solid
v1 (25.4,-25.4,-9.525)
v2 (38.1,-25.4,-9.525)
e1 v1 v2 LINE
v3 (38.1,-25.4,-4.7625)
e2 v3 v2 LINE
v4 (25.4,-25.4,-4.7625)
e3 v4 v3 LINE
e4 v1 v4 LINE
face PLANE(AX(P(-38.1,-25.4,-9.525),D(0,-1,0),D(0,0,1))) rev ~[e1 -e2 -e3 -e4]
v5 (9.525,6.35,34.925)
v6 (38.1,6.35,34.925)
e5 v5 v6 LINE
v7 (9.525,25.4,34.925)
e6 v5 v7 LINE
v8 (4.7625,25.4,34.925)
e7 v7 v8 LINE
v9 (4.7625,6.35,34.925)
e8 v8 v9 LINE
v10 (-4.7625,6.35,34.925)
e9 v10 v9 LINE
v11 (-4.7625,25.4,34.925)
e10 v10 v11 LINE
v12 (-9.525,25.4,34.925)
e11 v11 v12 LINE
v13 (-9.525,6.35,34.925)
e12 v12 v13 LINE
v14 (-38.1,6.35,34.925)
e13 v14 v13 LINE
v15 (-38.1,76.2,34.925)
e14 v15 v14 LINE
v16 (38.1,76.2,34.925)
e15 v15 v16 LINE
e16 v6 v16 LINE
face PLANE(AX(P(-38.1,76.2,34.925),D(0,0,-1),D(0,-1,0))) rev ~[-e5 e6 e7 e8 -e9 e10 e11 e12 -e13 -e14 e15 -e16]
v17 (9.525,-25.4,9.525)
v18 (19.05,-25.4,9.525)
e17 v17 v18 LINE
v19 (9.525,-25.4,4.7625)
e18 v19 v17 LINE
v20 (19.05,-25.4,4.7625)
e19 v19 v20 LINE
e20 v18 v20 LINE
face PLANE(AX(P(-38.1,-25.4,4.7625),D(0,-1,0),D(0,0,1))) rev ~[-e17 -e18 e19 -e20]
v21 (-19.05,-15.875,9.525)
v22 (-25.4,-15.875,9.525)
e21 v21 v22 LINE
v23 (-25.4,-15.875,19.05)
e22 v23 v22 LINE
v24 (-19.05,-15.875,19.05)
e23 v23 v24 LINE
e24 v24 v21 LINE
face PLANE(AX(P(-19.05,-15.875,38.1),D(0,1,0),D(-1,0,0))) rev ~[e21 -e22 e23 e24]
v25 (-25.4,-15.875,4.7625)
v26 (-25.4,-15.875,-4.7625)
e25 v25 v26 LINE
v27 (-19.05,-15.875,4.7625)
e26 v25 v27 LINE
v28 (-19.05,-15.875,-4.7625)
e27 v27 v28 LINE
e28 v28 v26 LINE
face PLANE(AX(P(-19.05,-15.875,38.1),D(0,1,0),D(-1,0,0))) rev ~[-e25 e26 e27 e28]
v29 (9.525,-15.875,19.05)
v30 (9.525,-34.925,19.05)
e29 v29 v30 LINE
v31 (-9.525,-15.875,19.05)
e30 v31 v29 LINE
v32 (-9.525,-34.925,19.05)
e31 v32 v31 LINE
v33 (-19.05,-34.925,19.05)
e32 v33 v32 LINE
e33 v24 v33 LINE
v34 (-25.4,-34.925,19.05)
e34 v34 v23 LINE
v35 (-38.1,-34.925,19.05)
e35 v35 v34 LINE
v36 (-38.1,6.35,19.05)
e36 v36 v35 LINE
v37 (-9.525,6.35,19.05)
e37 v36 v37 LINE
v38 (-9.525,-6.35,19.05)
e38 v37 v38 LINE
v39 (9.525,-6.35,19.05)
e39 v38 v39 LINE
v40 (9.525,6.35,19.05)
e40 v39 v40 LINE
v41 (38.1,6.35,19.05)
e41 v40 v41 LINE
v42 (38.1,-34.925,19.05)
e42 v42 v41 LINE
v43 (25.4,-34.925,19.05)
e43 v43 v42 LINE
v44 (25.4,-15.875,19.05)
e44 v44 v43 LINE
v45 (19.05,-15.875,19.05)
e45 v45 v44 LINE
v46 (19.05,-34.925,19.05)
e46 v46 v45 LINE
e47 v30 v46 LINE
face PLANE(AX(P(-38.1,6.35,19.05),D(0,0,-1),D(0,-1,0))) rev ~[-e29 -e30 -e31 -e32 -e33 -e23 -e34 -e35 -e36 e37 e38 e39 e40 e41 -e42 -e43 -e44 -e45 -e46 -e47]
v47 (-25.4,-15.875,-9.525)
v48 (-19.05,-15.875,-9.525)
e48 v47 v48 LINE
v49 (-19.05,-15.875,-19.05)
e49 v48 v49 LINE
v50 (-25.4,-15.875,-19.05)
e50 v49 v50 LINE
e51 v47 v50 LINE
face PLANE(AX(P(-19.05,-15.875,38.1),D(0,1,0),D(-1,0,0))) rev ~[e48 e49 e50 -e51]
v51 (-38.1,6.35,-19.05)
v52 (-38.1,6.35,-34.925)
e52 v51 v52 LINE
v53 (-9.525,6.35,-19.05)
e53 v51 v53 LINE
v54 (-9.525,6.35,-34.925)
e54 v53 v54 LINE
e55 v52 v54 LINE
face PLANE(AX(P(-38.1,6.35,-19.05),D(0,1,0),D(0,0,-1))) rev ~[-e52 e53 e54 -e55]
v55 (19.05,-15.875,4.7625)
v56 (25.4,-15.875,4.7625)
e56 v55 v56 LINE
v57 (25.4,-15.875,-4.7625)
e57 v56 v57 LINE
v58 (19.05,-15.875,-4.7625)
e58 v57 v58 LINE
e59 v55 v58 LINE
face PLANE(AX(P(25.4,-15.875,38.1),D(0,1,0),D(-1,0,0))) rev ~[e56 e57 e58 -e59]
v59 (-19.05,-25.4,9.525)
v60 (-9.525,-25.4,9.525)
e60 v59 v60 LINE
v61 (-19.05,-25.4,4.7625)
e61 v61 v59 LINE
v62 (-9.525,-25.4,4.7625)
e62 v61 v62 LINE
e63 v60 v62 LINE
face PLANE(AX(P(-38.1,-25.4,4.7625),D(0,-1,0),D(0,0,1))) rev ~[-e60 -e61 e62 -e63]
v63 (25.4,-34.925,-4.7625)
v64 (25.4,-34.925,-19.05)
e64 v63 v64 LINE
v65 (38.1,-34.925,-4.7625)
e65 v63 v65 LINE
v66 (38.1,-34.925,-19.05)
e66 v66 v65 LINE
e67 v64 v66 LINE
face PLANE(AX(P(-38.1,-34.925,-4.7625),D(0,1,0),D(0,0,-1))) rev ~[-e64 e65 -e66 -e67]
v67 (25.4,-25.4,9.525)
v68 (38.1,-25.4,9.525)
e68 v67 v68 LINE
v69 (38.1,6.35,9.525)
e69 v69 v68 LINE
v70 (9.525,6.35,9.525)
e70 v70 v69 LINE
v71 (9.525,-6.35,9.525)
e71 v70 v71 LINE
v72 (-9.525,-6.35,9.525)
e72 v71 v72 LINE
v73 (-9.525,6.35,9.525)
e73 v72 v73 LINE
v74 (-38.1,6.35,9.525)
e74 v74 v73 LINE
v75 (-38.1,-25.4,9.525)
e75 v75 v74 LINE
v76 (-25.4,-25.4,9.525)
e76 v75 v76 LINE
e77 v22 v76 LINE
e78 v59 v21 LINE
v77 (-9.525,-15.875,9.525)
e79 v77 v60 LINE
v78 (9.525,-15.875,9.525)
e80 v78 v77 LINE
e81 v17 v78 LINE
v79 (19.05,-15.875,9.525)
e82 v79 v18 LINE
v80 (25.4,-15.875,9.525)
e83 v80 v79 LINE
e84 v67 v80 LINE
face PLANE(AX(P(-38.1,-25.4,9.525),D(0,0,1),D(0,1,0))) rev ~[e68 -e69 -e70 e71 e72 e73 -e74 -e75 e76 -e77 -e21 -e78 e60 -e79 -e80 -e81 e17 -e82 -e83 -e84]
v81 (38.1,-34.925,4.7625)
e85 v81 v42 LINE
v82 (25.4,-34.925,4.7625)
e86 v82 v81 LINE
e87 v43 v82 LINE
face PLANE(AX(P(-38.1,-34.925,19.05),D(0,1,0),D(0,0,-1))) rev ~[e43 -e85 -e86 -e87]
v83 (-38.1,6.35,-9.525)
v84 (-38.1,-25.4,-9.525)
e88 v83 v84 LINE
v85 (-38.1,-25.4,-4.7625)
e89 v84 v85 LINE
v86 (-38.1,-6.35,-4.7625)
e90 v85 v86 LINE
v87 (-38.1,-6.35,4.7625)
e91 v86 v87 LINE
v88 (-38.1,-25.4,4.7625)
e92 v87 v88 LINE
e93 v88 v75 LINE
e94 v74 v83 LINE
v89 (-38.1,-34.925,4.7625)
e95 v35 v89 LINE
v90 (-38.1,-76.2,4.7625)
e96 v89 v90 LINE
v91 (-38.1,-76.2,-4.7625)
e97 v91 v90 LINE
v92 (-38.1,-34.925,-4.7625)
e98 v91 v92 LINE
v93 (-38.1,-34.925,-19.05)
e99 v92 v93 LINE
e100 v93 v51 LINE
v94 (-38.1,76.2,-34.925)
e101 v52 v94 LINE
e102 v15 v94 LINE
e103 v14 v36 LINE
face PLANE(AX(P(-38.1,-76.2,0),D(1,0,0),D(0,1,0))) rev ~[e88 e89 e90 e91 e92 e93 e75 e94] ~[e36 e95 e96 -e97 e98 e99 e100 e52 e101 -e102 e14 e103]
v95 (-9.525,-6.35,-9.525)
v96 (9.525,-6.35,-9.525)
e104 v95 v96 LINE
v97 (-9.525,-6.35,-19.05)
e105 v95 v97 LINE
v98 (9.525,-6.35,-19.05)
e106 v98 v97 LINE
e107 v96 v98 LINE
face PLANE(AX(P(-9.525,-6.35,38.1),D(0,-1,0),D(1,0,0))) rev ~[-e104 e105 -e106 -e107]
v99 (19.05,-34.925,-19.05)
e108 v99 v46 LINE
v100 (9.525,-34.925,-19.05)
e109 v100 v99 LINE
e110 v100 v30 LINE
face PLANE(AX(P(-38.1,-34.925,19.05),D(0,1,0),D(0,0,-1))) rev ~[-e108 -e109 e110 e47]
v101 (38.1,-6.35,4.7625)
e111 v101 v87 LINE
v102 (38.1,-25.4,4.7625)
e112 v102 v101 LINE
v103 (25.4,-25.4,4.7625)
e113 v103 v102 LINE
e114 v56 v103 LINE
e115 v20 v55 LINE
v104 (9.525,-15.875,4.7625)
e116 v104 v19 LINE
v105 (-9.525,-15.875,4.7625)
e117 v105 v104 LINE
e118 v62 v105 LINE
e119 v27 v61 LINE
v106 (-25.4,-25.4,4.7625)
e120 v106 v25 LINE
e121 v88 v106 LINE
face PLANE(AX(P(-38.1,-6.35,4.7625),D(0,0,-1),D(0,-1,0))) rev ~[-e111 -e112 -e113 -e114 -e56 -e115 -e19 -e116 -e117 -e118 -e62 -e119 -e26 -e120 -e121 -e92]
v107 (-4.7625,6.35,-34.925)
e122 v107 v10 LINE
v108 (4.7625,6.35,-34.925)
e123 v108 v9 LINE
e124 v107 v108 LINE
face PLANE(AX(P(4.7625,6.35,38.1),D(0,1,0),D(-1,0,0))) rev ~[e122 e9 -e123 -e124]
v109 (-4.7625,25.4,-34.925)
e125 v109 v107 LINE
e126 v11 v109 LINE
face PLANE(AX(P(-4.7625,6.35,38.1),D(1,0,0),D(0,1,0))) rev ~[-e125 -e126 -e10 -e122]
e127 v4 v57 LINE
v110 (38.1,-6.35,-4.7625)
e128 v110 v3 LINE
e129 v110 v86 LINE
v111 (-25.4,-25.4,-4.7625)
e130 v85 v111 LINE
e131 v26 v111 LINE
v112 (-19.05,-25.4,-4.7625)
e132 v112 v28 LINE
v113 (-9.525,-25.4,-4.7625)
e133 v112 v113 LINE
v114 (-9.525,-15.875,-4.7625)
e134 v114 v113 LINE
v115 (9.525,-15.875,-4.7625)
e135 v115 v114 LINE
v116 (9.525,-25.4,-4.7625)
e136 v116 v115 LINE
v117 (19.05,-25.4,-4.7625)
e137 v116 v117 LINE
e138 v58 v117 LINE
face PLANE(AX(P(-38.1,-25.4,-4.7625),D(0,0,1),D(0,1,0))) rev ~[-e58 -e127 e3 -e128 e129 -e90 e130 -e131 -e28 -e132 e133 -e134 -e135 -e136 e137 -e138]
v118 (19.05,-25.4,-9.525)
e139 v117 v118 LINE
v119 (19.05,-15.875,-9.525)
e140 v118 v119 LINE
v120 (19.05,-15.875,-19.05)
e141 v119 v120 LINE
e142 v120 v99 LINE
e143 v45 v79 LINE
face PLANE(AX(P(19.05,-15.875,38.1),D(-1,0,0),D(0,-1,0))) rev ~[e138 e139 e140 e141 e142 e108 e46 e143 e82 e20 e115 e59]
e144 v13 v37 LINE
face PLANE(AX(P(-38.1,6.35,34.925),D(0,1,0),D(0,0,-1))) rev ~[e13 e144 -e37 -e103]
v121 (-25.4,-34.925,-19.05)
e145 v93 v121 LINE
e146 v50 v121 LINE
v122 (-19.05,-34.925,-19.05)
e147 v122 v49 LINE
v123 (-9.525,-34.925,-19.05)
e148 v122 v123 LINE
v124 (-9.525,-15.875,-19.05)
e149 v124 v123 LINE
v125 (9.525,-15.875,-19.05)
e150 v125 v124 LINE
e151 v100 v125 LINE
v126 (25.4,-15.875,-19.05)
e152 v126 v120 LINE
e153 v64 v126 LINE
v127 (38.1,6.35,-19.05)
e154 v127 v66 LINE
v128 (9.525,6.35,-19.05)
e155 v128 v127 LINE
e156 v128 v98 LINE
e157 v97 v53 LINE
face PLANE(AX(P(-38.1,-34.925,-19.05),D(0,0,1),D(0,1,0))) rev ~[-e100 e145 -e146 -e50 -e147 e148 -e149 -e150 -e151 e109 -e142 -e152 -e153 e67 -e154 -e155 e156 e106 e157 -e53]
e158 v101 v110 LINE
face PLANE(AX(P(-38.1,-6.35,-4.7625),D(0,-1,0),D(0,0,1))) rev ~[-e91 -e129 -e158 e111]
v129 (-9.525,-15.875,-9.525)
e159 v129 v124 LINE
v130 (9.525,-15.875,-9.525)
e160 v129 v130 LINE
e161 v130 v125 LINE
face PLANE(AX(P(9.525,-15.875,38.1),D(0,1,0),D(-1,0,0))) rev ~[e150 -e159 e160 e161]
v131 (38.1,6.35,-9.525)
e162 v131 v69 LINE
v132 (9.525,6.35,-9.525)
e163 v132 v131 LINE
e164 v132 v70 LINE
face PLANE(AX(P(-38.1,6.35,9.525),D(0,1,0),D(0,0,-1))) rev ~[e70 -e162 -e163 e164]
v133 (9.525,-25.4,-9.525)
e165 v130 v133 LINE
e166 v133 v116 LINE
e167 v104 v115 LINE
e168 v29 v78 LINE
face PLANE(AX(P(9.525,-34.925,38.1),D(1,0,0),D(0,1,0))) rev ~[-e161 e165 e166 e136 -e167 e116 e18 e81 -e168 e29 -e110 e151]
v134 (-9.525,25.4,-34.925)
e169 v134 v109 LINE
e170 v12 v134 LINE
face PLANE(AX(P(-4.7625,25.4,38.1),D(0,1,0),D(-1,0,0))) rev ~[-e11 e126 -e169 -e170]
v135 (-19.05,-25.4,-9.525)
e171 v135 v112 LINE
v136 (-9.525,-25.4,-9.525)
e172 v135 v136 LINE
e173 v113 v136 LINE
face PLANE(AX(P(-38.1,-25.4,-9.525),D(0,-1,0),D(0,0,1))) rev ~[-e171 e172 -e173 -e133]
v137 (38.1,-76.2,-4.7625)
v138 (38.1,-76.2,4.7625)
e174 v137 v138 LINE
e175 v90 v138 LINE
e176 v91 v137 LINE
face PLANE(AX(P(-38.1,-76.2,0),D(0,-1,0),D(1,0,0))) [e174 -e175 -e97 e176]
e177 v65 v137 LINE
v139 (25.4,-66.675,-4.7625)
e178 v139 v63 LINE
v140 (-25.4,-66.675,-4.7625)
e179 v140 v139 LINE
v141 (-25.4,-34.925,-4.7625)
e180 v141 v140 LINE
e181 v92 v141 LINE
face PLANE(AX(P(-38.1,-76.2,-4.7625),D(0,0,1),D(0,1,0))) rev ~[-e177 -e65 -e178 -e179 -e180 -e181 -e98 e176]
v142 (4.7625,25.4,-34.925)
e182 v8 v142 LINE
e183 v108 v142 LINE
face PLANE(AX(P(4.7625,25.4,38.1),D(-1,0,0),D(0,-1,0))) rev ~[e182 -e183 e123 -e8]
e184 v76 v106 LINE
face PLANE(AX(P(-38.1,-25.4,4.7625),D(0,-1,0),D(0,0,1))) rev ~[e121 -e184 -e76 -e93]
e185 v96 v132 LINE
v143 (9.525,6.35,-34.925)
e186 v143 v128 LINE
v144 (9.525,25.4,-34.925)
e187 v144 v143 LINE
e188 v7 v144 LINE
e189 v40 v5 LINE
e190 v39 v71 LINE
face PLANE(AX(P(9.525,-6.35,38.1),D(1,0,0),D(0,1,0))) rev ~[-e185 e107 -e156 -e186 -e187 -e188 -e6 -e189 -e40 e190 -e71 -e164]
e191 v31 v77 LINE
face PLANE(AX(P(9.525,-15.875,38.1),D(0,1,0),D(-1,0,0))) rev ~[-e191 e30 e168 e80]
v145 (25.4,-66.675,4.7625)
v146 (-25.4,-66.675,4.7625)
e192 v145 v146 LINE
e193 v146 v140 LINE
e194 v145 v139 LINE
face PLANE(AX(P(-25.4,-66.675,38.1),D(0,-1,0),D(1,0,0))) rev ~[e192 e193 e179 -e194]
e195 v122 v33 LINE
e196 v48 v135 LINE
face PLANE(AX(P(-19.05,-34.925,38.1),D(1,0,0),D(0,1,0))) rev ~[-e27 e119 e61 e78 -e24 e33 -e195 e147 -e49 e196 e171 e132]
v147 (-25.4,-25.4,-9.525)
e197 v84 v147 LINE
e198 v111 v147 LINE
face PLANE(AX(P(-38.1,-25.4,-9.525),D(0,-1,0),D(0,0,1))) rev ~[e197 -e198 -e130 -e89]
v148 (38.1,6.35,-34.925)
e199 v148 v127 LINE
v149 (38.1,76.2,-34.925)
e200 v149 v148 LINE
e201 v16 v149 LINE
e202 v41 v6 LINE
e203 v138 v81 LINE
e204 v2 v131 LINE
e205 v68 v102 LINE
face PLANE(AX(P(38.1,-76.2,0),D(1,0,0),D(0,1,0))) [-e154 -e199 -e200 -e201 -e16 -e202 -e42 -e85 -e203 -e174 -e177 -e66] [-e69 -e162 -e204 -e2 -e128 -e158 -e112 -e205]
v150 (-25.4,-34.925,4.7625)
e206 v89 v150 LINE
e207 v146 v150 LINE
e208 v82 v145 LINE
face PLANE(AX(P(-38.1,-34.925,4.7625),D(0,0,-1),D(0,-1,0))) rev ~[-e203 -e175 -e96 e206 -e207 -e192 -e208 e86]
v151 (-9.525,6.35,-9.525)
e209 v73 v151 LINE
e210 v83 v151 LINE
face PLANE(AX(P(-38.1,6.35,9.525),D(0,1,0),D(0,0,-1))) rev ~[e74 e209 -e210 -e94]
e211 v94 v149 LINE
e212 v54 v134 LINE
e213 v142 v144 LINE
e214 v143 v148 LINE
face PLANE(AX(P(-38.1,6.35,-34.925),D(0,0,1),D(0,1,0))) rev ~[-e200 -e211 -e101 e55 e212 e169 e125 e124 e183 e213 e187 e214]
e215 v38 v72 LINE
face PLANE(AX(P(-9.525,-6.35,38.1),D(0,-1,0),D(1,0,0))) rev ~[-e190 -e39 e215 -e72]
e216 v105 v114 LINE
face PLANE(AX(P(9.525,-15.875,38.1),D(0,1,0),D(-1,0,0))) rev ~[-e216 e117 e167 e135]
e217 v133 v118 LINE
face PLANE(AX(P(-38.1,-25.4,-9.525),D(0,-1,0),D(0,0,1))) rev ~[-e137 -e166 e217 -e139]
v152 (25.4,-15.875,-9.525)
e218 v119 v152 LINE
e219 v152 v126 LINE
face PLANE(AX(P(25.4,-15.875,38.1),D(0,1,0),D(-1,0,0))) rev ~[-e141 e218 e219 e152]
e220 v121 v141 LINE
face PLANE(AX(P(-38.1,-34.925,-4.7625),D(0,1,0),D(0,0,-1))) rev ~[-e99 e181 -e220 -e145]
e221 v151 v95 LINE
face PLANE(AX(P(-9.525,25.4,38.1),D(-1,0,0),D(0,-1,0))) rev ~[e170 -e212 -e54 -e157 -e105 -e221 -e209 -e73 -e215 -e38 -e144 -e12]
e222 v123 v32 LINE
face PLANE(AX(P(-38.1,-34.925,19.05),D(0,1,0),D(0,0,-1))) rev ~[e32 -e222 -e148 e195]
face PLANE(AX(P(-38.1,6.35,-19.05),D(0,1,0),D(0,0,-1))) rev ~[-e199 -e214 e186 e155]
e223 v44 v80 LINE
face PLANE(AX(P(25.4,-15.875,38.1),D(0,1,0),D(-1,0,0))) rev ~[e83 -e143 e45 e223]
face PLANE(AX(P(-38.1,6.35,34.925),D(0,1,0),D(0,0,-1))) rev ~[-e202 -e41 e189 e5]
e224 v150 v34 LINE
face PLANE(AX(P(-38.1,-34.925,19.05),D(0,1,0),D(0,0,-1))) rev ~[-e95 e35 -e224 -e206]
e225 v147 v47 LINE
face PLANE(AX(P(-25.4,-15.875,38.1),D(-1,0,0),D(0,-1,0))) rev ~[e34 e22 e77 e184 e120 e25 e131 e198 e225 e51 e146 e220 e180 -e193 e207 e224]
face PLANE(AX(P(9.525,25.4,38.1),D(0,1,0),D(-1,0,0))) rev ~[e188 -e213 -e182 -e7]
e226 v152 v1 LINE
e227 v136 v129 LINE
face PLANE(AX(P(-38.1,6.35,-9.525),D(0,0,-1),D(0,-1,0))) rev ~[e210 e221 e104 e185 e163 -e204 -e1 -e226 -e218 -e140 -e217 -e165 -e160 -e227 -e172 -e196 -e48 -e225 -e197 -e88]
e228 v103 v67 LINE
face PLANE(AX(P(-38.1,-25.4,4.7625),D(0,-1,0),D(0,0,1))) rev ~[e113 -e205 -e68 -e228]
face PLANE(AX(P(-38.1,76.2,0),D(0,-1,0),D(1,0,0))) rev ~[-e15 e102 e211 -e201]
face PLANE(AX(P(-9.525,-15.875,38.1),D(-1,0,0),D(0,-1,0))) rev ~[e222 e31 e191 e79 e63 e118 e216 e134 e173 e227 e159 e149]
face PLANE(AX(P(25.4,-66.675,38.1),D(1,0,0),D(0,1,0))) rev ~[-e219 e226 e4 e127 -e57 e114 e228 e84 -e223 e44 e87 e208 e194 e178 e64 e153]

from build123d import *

# Parameters (mm, degrees)
F0_W     = 76.2
F0_H     = 152.4
F1_DEPTH = 38.1
F3_DEPTH = 76.201
F5_DEPTH = 76.201
F7_DEPTH = 76.201
F8_DEPTH = 76.201
F9_DEPTH = 73.026


with BuildPart() as f1:
    # F0 (on Top) → F1 (new body, symmetric)
    with BuildSketch(Plane.XY):
        Rectangle(F0_W, F0_H)
    extrude(amount=F1_DEPTH, both=True)

    # F2 (on face) → F3 (cut, through all)
    with BuildSketch(Plane.XY.offset(38.1)):
        Polygon((-9.525, 25.4), (-9.525, -6.35), (9.525, -6.35), (9.525, 25.4), (4.7625, 25.4), (4.7625, 6.35), (-4.7625, 6.35), (-4.7625, 25.4), align=None)
    extrude(amount=-F3_DEPTH, mode=Mode.SUBTRACT)

    # F4 (on face) → F5 (cut, through all)
    with BuildSketch(Plane(origin=(-38.1, 0, 0), x_dir=(0, -1, 0), z_dir=(-1, 0, 0))):
        Polygon((25.4, 9.525), (-6.35, 9.525), (-6.35, -9.525), (25.4, -9.525), (25.4, -4.7625), (6.35, -4.7625), (6.35, 4.7625), (25.4, 4.7625), align=None)
    extrude(amount=-F5_DEPTH, mode=Mode.SUBTRACT)

    # F6 (on face) → F7 (cut, through all)
    with BuildSketch(Plane.XY.offset(38.1)):
        with BuildLine():
            ThreePointArc((9.525, -18.653125), (8.711306, -16.688694), (6.746875, -15.875))
            ThreePointArc((6.746875, -15.875), (4.782444, -20.617556), (9.525, -18.653125))
        make_face()
        with BuildLine():
            ThreePointArc((22.621875, -15.875), (20.657444, -20.617556), (25.4, -18.653125))
            ThreePointArc((25.4, -18.653125), (24.586306, -16.688694), (22.621875, -15.875))
        make_face()
        with BuildLine():
            ThreePointArc((21.997912, -37.697932), (21.123243, -35.674362), (19.05, -34.925))
            ThreePointArc((19.05, -34.925), (17.316332, -39.721502), (21.997912, -37.697932))
        make_face()
        with BuildLine():
            ThreePointArc((10.995796, -37.376299), (10.599886, -35.946954), (9.525, -34.925))
            ThreePointArc((9.525, -34.925), (5.835455, -38.805645), (10.995796, -37.376299))
        make_face()
        with BuildLine():
            ThreePointArc((-5.702395, -37.499304), (-6.928701, -35.194996), (-9.525, -34.925))
            ThreePointArc((-9.525, -34.925), (-10.032339, -39.803612), (-5.702395, -37.499304))
        make_face()
        with BuildLine():
            ThreePointArc((-16.36457, -37.701578), (-17.14576, -35.770198), (-19.05, -34.925))
            ThreePointArc((-19.05, -34.925), (-21.13963, -39.632958), (-16.36457, -37.701578))
        make_face()
        with BuildLine():
            ThreePointArc((-6.746875, -15.875), (-8.711306, -16.688694), (-9.525, -18.653125))
            ThreePointArc((-9.525, -18.653125), (-6.746875, -21.43125), (-3.96875, -18.653125))
            ThreePointArc((-3.96875, -18.653125), (-4.782444, -16.688694), (-6.746875, -15.875))
        make_face()
        with BuildLine():
            ThreePointArc((-22.621875, -15.875), (-24.586306, -16.688694), (-25.4, -18.653125))
            ThreePointArc((-25.4, -18.653125), (-22.621875, -21.43125), (-19.84375, -18.653125))
            ThreePointArc((-19.84375, -18.653125), (-20.657444, -16.688694), (-22.621875, -15.875))
        make_face()
        with BuildLine():
            ThreePointArc((-22.621875, -66.675), (-20.657444, -65.861306), (-19.84375, -63.896875))
            ThreePointArc((-19.84375, -63.896875), (-22.621875, -61.11875), (-25.4, -63.896875))
            ThreePointArc((-25.4, -63.896875), (-24.586306, -65.861306), (-22.621875, -66.675))
        make_face()
        with BuildLine():
            ThreePointArc((25.4, -63.896875), (20.657444, -61.932444), (22.621875, -66.675))
            ThreePointArc((22.621875, -66.675), (24.586306, -65.861306), (25.4, -63.896875))
        make_face()
    extrude(amount=-F7_DEPTH, mode=Mode.SUBTRACT)

    # F4 (on face) → F8 (cut, through all)
    with BuildSketch(Plane(origin=(-38.1, 0, 0), x_dir=(0, -1, 0), z_dir=(-1, 0, 0))):
        Polygon((-76.2, 34.925), (-6.35, 34.925), (-6.35, 19.05), (34.925, 19.05), (34.925, 4.7625), (76.2, 4.7625), (76.2, 38.1), (-76.2, 38.1), align=None)
        Polygon((-6.35, -34.925), (-76.2, -34.925), (-76.2, -38.1), (76.2, -38.1), (76.2, -4.7625), (34.925, -4.7625), (34.925, -19.05), (-6.35, -19.05), align=None)
    extrude(amount=-F8_DEPTH, mode=Mode.SUBTRACT)

    # F2 (on face) → F9 (cut, through all)
    with BuildSketch(Plane.XY.offset(38.1)):
        Polygon((-19.05, -34.925), (-19.05, -15.875), (-25.4, -15.875), (-25.4, -66.675), (25.4, -66.675), (25.4, -15.875), (19.05, -15.875), (19.05, -34.925), (9.525, -34.925), (9.525, -15.875), (-9.525, -15.875), (-9.525, -34.925), align=None)
    extrude(amount=-F9_DEPTH, mode=Mode.SUBTRACT)


solid = f1.part
